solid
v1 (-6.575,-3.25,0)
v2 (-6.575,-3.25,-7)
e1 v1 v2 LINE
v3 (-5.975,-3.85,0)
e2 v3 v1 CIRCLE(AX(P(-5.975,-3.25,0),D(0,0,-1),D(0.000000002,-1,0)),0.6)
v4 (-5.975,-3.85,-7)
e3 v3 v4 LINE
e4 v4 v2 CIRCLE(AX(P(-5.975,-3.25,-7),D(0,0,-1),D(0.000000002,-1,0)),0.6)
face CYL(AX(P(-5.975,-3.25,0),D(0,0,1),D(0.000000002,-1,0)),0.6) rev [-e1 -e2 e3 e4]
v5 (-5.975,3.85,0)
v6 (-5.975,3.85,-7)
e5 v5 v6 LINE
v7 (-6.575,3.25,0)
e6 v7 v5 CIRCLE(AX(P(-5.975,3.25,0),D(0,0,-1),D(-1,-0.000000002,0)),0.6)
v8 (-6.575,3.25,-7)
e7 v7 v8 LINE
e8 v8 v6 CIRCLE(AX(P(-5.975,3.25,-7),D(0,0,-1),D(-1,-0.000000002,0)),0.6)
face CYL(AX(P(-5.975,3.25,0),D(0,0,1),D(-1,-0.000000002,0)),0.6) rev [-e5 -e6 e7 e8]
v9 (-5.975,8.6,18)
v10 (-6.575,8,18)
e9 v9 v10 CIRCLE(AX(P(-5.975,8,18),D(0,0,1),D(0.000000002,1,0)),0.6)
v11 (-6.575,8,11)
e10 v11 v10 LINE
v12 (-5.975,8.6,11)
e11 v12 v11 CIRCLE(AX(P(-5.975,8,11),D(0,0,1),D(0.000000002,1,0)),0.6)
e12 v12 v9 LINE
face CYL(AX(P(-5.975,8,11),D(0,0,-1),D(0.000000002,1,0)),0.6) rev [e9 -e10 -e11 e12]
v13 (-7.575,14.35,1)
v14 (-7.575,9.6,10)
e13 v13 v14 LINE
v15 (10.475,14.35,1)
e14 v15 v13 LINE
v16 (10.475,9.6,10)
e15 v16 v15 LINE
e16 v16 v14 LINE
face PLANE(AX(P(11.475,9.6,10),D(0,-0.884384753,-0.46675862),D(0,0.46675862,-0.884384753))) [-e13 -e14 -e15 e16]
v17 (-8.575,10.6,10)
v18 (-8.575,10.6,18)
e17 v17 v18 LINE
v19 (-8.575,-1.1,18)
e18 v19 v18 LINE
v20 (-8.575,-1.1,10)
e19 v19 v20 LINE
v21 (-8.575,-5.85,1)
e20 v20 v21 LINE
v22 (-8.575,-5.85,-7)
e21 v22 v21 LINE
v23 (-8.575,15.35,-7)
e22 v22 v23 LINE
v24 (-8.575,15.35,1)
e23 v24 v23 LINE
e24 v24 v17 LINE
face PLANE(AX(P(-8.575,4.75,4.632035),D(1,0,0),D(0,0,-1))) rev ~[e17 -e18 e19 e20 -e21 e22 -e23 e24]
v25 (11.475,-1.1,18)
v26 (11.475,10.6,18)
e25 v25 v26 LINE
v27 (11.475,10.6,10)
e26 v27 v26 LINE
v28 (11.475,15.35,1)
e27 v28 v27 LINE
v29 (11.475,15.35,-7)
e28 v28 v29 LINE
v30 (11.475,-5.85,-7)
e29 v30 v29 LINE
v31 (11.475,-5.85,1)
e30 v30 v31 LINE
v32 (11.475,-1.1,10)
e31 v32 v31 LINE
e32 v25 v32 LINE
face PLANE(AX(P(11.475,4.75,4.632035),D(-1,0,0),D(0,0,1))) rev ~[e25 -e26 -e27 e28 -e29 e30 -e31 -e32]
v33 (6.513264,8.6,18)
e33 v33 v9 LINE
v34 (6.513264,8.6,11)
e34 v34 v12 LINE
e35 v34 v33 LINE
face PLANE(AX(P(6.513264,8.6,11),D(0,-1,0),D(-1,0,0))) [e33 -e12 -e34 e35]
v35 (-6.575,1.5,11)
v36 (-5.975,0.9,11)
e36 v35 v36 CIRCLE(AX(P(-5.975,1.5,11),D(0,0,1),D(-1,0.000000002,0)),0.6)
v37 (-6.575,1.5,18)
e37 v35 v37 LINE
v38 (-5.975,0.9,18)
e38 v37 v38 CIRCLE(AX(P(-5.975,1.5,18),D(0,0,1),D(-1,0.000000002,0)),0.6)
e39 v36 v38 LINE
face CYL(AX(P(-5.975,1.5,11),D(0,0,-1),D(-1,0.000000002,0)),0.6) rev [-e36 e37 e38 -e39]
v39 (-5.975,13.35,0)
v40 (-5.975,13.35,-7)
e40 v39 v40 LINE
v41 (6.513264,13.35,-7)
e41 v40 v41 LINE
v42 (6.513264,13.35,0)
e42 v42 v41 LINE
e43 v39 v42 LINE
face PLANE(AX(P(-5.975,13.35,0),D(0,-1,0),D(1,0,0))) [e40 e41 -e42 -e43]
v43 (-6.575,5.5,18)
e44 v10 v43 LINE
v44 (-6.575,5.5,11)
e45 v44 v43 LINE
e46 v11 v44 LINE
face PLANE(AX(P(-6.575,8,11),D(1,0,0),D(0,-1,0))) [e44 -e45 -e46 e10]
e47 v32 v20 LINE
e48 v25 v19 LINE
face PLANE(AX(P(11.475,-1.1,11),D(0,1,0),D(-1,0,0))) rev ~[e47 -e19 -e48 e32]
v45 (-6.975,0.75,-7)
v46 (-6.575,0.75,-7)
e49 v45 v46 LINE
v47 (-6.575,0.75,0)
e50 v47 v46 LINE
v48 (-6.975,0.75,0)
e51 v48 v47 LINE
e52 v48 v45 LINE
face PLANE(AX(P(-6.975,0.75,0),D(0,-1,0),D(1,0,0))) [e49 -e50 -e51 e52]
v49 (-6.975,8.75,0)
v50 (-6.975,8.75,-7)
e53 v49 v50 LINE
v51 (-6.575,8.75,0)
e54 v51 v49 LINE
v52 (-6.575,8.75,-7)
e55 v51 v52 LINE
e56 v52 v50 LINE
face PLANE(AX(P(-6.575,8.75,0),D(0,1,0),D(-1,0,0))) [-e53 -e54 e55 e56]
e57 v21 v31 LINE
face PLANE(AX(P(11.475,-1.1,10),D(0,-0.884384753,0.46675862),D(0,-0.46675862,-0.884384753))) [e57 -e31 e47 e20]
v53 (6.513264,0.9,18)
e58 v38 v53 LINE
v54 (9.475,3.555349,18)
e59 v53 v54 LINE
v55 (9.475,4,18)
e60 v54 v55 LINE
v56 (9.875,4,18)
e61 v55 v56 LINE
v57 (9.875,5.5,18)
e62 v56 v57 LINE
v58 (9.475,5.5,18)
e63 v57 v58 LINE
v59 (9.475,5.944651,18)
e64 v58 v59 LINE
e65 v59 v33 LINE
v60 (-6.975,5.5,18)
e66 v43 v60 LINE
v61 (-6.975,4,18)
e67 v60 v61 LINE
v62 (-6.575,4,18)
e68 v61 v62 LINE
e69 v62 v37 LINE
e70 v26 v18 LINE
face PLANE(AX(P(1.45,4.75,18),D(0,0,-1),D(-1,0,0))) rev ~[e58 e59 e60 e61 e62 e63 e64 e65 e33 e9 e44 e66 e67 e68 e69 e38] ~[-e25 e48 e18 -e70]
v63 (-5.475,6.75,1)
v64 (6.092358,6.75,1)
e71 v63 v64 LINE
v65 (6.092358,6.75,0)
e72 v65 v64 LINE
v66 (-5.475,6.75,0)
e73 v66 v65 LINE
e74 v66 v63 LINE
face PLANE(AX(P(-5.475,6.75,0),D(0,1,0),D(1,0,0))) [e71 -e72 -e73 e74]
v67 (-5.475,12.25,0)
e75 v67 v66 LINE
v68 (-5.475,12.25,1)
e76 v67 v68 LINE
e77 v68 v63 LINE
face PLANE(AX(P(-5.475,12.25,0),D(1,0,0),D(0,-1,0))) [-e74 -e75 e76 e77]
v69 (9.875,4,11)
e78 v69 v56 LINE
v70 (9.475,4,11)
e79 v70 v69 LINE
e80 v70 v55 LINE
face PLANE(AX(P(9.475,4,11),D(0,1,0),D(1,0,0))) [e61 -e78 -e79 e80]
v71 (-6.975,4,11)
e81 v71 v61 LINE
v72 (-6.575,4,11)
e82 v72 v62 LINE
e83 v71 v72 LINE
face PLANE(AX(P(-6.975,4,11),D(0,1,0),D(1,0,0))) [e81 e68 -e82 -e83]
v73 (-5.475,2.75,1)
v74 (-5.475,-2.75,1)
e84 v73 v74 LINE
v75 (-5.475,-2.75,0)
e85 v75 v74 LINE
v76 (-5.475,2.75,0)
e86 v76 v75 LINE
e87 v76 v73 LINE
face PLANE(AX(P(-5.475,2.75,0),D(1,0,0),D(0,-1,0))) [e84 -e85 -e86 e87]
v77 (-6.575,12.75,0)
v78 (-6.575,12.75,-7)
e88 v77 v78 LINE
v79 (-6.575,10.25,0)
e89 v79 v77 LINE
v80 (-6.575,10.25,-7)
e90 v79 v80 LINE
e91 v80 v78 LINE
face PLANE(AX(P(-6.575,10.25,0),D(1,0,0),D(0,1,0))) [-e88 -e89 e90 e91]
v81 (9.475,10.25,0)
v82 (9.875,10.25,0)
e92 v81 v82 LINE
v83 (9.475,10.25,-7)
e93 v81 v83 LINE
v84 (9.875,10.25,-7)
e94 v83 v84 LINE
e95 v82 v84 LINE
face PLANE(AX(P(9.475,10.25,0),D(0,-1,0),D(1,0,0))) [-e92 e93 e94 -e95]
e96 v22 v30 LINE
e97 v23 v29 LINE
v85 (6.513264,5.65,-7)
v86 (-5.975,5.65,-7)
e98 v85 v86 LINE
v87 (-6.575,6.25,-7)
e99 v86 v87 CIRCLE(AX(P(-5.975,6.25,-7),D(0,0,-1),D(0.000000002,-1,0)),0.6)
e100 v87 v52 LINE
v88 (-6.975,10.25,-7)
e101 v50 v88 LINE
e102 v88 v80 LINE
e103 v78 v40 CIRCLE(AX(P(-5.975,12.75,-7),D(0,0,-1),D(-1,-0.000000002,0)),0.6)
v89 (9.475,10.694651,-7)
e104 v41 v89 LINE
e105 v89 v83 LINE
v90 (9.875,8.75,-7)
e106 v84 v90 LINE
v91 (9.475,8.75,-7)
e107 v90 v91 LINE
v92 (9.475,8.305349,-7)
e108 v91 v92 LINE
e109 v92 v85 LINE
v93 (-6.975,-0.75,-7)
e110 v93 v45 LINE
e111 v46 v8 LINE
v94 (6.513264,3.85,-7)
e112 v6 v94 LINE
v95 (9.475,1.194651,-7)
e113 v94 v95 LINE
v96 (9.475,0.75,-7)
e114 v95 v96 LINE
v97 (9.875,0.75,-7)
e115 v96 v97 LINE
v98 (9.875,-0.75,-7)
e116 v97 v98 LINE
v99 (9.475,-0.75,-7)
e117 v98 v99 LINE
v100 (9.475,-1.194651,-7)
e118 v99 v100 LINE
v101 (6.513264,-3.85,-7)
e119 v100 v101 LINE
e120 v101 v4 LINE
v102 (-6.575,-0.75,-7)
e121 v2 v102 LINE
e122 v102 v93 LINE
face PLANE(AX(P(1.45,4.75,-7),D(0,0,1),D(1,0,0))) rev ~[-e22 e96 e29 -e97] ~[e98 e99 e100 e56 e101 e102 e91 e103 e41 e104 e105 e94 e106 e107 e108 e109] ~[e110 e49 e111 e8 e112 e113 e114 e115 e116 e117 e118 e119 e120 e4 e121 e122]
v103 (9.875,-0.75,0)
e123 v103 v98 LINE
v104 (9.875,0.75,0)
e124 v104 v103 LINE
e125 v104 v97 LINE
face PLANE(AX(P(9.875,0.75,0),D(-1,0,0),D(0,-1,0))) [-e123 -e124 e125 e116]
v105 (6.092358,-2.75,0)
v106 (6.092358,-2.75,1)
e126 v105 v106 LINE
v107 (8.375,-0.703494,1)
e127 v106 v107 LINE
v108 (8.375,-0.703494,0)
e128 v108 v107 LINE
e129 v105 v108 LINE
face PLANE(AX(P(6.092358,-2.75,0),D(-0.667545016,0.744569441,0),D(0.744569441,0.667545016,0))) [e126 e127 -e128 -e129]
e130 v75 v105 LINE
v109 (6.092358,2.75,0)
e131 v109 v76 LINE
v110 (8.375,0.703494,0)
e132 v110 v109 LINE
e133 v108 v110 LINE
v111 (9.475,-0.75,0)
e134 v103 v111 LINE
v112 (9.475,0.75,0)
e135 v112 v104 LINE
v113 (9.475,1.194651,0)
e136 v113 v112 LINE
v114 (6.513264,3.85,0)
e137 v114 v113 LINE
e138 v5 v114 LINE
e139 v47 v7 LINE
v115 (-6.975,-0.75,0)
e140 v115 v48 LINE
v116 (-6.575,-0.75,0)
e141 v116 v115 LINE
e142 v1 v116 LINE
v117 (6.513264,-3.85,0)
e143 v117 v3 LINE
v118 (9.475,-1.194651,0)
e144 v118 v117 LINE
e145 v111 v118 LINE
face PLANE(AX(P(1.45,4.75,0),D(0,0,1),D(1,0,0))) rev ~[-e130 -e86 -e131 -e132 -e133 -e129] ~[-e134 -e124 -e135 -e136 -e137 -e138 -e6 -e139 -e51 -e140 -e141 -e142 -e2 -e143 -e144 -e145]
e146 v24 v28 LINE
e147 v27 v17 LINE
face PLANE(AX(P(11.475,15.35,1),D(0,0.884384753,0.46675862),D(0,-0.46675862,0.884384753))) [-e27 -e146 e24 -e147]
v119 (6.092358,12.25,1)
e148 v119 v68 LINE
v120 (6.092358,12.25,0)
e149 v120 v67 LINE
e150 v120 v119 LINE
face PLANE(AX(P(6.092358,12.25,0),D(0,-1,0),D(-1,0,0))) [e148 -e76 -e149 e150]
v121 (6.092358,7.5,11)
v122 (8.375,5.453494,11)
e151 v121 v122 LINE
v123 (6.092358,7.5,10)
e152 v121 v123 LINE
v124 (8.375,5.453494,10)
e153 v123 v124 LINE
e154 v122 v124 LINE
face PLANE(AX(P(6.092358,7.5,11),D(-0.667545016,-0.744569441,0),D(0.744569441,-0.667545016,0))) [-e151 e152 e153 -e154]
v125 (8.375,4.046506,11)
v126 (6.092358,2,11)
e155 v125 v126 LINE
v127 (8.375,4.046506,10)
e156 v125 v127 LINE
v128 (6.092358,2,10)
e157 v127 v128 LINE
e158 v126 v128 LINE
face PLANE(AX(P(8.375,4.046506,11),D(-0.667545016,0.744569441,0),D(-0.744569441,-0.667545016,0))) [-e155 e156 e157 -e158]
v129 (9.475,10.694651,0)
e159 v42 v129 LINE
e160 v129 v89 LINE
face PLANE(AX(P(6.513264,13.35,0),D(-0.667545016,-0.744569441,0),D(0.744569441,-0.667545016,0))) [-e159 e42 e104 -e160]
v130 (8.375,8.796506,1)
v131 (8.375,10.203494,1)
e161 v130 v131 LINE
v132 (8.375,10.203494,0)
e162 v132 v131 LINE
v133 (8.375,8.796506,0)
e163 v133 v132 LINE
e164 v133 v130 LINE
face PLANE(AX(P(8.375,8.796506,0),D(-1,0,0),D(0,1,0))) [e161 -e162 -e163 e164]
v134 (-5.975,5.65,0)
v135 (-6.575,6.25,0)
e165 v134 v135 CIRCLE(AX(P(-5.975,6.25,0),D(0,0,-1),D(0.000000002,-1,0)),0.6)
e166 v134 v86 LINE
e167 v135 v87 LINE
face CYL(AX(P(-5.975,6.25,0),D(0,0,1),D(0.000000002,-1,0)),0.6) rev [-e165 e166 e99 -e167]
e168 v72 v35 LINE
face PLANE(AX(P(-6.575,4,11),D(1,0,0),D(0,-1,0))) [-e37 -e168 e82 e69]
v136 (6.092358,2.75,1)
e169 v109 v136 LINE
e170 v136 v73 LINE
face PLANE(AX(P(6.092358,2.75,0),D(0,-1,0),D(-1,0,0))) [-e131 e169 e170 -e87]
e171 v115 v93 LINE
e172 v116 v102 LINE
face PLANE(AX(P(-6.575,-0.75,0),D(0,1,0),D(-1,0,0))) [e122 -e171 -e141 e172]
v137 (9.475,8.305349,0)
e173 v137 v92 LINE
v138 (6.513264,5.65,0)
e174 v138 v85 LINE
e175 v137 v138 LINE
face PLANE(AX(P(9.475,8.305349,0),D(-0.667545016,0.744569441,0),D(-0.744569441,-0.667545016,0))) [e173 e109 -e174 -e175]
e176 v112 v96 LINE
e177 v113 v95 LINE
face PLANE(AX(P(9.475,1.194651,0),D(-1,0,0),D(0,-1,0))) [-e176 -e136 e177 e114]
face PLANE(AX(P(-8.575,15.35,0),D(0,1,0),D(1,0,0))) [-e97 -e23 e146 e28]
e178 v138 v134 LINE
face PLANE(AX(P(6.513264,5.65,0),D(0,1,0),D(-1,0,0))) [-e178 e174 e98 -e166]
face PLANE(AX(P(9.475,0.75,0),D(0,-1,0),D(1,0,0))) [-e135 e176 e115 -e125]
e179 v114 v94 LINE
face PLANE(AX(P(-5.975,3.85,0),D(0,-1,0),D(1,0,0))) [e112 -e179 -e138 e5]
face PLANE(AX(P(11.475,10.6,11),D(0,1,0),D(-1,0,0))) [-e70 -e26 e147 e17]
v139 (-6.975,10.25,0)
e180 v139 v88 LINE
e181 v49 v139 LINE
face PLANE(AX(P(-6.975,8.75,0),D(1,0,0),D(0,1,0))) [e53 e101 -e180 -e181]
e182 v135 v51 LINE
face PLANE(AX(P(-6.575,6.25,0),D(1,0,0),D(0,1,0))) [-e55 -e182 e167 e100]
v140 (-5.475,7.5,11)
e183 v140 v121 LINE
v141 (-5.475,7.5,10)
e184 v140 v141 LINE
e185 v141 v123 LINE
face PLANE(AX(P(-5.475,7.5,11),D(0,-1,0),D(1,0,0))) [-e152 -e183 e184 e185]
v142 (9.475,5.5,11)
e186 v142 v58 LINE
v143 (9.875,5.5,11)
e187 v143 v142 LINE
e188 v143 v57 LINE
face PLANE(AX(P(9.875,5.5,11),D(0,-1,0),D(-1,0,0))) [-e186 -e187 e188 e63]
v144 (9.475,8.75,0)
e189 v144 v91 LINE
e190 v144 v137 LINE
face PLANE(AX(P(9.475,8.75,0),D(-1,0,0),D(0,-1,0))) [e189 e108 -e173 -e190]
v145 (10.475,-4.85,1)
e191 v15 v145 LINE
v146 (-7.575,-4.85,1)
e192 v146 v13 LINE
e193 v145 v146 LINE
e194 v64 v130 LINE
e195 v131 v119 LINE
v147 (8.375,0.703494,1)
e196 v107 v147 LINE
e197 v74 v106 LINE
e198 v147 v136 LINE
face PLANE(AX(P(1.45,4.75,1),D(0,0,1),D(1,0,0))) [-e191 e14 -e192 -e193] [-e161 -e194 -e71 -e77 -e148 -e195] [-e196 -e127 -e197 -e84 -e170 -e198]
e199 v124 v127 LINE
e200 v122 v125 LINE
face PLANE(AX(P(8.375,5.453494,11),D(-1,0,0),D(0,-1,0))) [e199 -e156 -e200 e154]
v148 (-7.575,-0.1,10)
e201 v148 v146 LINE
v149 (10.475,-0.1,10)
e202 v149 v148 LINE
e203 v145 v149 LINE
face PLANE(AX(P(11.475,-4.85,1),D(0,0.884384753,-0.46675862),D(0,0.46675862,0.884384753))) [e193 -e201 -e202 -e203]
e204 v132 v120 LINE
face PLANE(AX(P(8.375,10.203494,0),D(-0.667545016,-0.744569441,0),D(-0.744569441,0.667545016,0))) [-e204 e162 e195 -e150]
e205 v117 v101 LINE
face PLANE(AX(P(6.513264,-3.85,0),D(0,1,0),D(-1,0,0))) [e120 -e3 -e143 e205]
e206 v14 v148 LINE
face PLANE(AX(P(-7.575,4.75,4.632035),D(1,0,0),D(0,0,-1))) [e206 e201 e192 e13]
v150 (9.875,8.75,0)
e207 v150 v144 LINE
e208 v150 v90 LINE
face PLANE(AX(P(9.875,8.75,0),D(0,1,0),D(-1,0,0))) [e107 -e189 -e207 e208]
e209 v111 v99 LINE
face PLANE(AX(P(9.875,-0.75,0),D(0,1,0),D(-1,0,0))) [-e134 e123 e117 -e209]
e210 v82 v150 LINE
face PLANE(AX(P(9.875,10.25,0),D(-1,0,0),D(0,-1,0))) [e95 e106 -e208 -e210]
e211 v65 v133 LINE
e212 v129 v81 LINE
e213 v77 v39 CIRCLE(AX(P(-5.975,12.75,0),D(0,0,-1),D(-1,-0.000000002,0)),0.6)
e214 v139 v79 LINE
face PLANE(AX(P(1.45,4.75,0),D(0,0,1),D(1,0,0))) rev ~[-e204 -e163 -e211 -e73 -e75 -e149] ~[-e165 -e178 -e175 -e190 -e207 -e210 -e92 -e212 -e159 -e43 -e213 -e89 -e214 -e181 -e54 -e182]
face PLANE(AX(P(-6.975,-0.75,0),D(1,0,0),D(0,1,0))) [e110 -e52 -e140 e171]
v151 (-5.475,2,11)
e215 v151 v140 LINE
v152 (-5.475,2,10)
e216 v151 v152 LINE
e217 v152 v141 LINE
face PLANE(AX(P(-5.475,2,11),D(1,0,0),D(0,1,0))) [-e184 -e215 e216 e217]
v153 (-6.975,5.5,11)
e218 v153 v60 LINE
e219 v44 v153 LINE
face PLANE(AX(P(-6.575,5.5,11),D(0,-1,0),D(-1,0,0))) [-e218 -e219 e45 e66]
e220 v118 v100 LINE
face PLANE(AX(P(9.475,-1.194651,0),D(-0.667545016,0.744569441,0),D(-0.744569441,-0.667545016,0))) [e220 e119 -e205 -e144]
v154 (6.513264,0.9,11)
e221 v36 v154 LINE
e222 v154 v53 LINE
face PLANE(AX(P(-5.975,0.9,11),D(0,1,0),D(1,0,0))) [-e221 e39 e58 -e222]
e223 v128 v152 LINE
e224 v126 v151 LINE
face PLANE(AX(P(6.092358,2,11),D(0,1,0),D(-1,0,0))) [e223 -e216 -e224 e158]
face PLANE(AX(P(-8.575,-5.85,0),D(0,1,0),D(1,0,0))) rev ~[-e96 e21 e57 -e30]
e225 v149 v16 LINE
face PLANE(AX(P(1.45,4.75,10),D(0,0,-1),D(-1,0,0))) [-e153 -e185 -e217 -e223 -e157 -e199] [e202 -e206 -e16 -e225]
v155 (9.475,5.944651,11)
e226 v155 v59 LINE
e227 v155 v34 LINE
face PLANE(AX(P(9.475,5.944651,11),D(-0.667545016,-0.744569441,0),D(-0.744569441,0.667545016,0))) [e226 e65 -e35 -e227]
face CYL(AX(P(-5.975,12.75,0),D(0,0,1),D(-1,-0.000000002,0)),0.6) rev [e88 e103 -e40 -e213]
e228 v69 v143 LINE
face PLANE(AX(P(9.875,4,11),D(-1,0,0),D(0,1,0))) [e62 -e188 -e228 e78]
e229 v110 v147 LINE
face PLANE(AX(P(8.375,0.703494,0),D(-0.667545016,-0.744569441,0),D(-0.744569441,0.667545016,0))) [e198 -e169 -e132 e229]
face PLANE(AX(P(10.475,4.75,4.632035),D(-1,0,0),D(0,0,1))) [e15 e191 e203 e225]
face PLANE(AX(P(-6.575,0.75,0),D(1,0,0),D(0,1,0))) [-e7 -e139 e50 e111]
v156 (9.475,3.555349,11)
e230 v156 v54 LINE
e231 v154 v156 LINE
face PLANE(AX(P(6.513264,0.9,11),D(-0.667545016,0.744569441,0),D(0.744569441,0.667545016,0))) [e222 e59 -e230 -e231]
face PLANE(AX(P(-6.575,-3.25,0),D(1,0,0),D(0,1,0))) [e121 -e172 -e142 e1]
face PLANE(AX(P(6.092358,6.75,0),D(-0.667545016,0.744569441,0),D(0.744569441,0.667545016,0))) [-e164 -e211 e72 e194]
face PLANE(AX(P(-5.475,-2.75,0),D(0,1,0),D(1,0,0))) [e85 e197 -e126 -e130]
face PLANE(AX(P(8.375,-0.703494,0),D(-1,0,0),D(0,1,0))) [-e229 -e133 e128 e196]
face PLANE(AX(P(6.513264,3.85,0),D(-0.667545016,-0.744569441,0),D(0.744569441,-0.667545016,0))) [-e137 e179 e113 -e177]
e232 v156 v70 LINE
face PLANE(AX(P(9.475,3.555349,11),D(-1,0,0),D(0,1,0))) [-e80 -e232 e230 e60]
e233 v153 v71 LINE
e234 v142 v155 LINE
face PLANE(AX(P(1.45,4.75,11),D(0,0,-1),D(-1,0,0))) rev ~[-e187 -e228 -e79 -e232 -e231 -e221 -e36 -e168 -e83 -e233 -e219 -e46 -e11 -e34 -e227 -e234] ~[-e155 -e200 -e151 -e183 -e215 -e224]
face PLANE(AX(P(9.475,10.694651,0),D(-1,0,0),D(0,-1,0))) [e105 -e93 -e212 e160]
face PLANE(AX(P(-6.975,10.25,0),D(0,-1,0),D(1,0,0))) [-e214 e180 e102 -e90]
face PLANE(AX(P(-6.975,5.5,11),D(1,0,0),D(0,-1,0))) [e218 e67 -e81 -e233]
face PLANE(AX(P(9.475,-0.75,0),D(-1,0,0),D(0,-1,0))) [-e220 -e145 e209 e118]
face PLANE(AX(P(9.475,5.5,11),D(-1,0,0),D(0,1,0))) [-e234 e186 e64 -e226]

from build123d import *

# Parameters (mm, degrees)
SKETCH1_W           = 20.05
SKETCH1_H           = 21.2
BOSS_EXTRUDE1_DEPTH = 7
SKETCH2_W           = 20.05
SKETCH2_H           = 21.2
BOSS_EXTRUDE2_DEPTH = 1
SKETCH3_W           = 20.05
SKETCH3_H           = 11.7
BOSS_EXTRUDE3_DEPTH = 7
SKETCH4_W           = 20.05
SKETCH4_H           = 11.7
BOSS_EXTRUDE4_DEPTH = 1
BOSS_EXTRUDE5_DEPTH = 20.05
BOSS_EXTRUDE6_DEPTH = 1
BOSS_EXTRUDE7_DEPTH = 1


with BuildPart() as part:
    # Sketch1 → Boss-Extrude1 (new body)
    with BuildSketch(Plane.XY):
        with Locations((1.45, 4.75)):
            Rectangle(SKETCH1_W, SKETCH1_H)
        with BuildLine():
            Line((-5.975, 3.85), (6.51326417, 3.85))
            Line((6.51326417, 3.85), (9.475, 1.194650635))
            Line((9.475, 1.194650635), (9.475, 0.75))
            Line((9.475, 0.75), (9.875, 0.75))
            Line((9.875, 0.75), (9.875, -0.75))
            Line((9.875, -0.75), (9.475, -0.75))
            Line((9.475, -0.75), (9.475, -1.194650635))
            Line((9.475, -1.194650635), (6.51326417, -3.85))
            Line((6.51326417, -3.85), (-5.975, -3.85))
            ThreePointArc((-5.975, -3.85), (-6.399264069, -3.674264069), (-6.575, -3.25))
            Line((-6.575, -3.25), (-6.575, -0.75))
            Line((-6.575, -0.75), (-6.975, -0.75))
            Line((-6.975, -0.75), (-6.975, 0.75))
            Line((-6.975, 0.75), (-6.575, 0.75))
            Line((-6.575, 0.75), (-6.575, 3.25))
            ThreePointArc((-6.575, 3.25), (-6.399264069, 3.674264069), (-5.975, 3.85))
        make_face(mode=Mode.SUBTRACT)
        with BuildLine():
            Line((-5.975, 13.35), (6.51326417, 13.35))
            Line((6.51326417, 13.35), (9.475, 10.694650635))
            Line((9.475, 10.694650635), (9.475, 10.25))
            Line((9.475, 10.25), (9.875, 10.25))
            Line((9.875, 10.25), (9.875, 8.75))
            Line((9.875, 8.75), (9.475, 8.75))
            Line((9.475, 8.75), (9.475, 8.305349365))
            Line((9.475, 8.305349365), (6.51326417, 5.65))
            Line((6.51326417, 5.65), (-5.975, 5.65))
            ThreePointArc((-5.975, 5.65), (-6.399264069, 5.825735931), (-6.575, 6.25))
            Line((-6.575, 6.25), (-6.575, 8.75))
            Line((-6.575, 8.75), (-6.975, 8.75))
            Line((-6.975, 8.75), (-6.975, 10.25))
            Line((-6.975, 10.25), (-6.575, 10.25))
            Line((-6.575, 10.25), (-6.575, 12.75))
            ThreePointArc((-6.575, 12.75), (-6.399264069, 13.174264069), (-5.975, 13.35))
        make_face(mode=Mode.SUBTRACT)
    extrude(amount=-BOSS_EXTRUDE1_DEPTH)

    # Sketch2 → Boss-Extrude2 (add)
    with BuildSketch(Plane.XY):
        with Locations((1.45, 4.75)):
            Rectangle(SKETCH2_W, SKETCH2_H)
        Polygon((6.0923583, 2.75), (-5.475, 2.75), (-5.475, -2.75), (6.0923583, -2.75), (8.375, -0.703493649), (8.375, 0.703493649), align=None, mode=Mode.SUBTRACT)
        Polygon((6.0923583, 12.25), (-5.475, 12.25), (-5.475, 6.75), (6.0923583, 6.75), (8.375, 8.796506351), (8.375, 10.203493649), align=None, mode=Mode.SUBTRACT)
    extrude(amount=BOSS_EXTRUDE2_DEPTH)



with BuildPart() as body_2:
    # Sketch3 → Boss-Extrude3 (new body)
    with BuildSketch(Plane(origin=(0, 0, 11), x_dir=(-1, 0, 0), z_dir=(0, 0, -1))):
        with Locations((-1.45, 4.75)):
            Rectangle(SKETCH3_W, SKETCH3_H)
        with BuildLine():
            Line((6.975, 4), (6.575, 4))
            Line((6.575, 4), (6.575, 1.5))
            ThreePointArc((6.575, 1.5), (6.399264069, 1.075735931), (5.975, 0.9))
            Line((5.975, 0.9), (-6.51326417, 0.9))
            Line((-6.51326417, 0.9), (-9.475, 3.555349365))
            Line((-9.475, 3.555349365), (-9.475, 4))
            Line((-9.475, 4), (-9.875, 4))
            Line((-9.875, 4), (-9.875, 5.5))
            Line((-9.875, 5.5), (-9.475, 5.5))
            Line((-9.475, 5.5), (-9.475, 5.944650635))
            Line((-9.475, 5.944650635), (-6.51326417, 8.6))
            Line((-6.51326417, 8.6), (5.975, 8.6))
            ThreePointArc((5.975, 8.6), (6.399264069, 8.424264069), (6.575, 8))
            Line((6.575, 8), (6.575, 5.5))
            Line((6.575, 5.5), (6.975, 5.5))
            Line((6.975, 5.5), (6.975, 4))
        make_face(mode=Mode.SUBTRACT)
    extrude(amount=-BOSS_EXTRUDE3_DEPTH)

    # Sketch4 → Boss-Extrude4 (add)
    with BuildSketch(Plane(origin=(0, 0, 11), x_dir=(-1, 0, 0), z_dir=(0, 0, -1))):
        with Locations((-1.45, 4.75)):
            Rectangle(SKETCH4_W, SKETCH4_H)
        Polygon((-6.0923583, 2), (5.475, 2), (5.475, 7.5), (-6.0923583, 7.5), (-8.375, 5.453493649), (-8.375, 4.046506351), align=None, mode=Mode.SUBTRACT)
    extrude(amount=BOSS_EXTRUDE4_DEPTH)


with BuildPart() as part_1:
    add(part.part)

    add(body_2.part)  # Boss-Extrude5 merges body 2
    # Sketch5 → Boss-Extrude5 (add)
    with BuildSketch(Plane(origin=(11.475, 0, 0), x_dir=(0, 0, -1), z_dir=(1, 0, 0))):
        Polygon((-10, -1.1), (-1, -5.85), (-1, -4.85), (-10, -0.1), align=None)
        Polygon((-10, 9.6), (-1, 14.35), (-1, 15.35), (-10, 10.6), align=None)
    extrude(amount=-BOSS_EXTRUDE5_DEPTH)

    # Sketch6 → Boss-Extrude6 (add)
    with BuildSketch(Plane(origin=(11.475, 0, 0), x_dir=(0, 0, -1), z_dir=(1, 0, 0))):
        Polygon((-10, 9.6), (-1, 14.35), (-1, -4.85), (-10, -0.1), align=None)
    extrude(amount=-BOSS_EXTRUDE6_DEPTH)

    # Sketch7 → Boss-Extrude7 (add)
    with BuildSketch(Plane.ZY.offset(8.575)):
        Polygon((1, -4.85), (1, 14.35), (10, 9.6), (10, -0.1), align=None)
    extrude(amount=-BOSS_EXTRUDE7_DEPTH)


solid = part_1.part
